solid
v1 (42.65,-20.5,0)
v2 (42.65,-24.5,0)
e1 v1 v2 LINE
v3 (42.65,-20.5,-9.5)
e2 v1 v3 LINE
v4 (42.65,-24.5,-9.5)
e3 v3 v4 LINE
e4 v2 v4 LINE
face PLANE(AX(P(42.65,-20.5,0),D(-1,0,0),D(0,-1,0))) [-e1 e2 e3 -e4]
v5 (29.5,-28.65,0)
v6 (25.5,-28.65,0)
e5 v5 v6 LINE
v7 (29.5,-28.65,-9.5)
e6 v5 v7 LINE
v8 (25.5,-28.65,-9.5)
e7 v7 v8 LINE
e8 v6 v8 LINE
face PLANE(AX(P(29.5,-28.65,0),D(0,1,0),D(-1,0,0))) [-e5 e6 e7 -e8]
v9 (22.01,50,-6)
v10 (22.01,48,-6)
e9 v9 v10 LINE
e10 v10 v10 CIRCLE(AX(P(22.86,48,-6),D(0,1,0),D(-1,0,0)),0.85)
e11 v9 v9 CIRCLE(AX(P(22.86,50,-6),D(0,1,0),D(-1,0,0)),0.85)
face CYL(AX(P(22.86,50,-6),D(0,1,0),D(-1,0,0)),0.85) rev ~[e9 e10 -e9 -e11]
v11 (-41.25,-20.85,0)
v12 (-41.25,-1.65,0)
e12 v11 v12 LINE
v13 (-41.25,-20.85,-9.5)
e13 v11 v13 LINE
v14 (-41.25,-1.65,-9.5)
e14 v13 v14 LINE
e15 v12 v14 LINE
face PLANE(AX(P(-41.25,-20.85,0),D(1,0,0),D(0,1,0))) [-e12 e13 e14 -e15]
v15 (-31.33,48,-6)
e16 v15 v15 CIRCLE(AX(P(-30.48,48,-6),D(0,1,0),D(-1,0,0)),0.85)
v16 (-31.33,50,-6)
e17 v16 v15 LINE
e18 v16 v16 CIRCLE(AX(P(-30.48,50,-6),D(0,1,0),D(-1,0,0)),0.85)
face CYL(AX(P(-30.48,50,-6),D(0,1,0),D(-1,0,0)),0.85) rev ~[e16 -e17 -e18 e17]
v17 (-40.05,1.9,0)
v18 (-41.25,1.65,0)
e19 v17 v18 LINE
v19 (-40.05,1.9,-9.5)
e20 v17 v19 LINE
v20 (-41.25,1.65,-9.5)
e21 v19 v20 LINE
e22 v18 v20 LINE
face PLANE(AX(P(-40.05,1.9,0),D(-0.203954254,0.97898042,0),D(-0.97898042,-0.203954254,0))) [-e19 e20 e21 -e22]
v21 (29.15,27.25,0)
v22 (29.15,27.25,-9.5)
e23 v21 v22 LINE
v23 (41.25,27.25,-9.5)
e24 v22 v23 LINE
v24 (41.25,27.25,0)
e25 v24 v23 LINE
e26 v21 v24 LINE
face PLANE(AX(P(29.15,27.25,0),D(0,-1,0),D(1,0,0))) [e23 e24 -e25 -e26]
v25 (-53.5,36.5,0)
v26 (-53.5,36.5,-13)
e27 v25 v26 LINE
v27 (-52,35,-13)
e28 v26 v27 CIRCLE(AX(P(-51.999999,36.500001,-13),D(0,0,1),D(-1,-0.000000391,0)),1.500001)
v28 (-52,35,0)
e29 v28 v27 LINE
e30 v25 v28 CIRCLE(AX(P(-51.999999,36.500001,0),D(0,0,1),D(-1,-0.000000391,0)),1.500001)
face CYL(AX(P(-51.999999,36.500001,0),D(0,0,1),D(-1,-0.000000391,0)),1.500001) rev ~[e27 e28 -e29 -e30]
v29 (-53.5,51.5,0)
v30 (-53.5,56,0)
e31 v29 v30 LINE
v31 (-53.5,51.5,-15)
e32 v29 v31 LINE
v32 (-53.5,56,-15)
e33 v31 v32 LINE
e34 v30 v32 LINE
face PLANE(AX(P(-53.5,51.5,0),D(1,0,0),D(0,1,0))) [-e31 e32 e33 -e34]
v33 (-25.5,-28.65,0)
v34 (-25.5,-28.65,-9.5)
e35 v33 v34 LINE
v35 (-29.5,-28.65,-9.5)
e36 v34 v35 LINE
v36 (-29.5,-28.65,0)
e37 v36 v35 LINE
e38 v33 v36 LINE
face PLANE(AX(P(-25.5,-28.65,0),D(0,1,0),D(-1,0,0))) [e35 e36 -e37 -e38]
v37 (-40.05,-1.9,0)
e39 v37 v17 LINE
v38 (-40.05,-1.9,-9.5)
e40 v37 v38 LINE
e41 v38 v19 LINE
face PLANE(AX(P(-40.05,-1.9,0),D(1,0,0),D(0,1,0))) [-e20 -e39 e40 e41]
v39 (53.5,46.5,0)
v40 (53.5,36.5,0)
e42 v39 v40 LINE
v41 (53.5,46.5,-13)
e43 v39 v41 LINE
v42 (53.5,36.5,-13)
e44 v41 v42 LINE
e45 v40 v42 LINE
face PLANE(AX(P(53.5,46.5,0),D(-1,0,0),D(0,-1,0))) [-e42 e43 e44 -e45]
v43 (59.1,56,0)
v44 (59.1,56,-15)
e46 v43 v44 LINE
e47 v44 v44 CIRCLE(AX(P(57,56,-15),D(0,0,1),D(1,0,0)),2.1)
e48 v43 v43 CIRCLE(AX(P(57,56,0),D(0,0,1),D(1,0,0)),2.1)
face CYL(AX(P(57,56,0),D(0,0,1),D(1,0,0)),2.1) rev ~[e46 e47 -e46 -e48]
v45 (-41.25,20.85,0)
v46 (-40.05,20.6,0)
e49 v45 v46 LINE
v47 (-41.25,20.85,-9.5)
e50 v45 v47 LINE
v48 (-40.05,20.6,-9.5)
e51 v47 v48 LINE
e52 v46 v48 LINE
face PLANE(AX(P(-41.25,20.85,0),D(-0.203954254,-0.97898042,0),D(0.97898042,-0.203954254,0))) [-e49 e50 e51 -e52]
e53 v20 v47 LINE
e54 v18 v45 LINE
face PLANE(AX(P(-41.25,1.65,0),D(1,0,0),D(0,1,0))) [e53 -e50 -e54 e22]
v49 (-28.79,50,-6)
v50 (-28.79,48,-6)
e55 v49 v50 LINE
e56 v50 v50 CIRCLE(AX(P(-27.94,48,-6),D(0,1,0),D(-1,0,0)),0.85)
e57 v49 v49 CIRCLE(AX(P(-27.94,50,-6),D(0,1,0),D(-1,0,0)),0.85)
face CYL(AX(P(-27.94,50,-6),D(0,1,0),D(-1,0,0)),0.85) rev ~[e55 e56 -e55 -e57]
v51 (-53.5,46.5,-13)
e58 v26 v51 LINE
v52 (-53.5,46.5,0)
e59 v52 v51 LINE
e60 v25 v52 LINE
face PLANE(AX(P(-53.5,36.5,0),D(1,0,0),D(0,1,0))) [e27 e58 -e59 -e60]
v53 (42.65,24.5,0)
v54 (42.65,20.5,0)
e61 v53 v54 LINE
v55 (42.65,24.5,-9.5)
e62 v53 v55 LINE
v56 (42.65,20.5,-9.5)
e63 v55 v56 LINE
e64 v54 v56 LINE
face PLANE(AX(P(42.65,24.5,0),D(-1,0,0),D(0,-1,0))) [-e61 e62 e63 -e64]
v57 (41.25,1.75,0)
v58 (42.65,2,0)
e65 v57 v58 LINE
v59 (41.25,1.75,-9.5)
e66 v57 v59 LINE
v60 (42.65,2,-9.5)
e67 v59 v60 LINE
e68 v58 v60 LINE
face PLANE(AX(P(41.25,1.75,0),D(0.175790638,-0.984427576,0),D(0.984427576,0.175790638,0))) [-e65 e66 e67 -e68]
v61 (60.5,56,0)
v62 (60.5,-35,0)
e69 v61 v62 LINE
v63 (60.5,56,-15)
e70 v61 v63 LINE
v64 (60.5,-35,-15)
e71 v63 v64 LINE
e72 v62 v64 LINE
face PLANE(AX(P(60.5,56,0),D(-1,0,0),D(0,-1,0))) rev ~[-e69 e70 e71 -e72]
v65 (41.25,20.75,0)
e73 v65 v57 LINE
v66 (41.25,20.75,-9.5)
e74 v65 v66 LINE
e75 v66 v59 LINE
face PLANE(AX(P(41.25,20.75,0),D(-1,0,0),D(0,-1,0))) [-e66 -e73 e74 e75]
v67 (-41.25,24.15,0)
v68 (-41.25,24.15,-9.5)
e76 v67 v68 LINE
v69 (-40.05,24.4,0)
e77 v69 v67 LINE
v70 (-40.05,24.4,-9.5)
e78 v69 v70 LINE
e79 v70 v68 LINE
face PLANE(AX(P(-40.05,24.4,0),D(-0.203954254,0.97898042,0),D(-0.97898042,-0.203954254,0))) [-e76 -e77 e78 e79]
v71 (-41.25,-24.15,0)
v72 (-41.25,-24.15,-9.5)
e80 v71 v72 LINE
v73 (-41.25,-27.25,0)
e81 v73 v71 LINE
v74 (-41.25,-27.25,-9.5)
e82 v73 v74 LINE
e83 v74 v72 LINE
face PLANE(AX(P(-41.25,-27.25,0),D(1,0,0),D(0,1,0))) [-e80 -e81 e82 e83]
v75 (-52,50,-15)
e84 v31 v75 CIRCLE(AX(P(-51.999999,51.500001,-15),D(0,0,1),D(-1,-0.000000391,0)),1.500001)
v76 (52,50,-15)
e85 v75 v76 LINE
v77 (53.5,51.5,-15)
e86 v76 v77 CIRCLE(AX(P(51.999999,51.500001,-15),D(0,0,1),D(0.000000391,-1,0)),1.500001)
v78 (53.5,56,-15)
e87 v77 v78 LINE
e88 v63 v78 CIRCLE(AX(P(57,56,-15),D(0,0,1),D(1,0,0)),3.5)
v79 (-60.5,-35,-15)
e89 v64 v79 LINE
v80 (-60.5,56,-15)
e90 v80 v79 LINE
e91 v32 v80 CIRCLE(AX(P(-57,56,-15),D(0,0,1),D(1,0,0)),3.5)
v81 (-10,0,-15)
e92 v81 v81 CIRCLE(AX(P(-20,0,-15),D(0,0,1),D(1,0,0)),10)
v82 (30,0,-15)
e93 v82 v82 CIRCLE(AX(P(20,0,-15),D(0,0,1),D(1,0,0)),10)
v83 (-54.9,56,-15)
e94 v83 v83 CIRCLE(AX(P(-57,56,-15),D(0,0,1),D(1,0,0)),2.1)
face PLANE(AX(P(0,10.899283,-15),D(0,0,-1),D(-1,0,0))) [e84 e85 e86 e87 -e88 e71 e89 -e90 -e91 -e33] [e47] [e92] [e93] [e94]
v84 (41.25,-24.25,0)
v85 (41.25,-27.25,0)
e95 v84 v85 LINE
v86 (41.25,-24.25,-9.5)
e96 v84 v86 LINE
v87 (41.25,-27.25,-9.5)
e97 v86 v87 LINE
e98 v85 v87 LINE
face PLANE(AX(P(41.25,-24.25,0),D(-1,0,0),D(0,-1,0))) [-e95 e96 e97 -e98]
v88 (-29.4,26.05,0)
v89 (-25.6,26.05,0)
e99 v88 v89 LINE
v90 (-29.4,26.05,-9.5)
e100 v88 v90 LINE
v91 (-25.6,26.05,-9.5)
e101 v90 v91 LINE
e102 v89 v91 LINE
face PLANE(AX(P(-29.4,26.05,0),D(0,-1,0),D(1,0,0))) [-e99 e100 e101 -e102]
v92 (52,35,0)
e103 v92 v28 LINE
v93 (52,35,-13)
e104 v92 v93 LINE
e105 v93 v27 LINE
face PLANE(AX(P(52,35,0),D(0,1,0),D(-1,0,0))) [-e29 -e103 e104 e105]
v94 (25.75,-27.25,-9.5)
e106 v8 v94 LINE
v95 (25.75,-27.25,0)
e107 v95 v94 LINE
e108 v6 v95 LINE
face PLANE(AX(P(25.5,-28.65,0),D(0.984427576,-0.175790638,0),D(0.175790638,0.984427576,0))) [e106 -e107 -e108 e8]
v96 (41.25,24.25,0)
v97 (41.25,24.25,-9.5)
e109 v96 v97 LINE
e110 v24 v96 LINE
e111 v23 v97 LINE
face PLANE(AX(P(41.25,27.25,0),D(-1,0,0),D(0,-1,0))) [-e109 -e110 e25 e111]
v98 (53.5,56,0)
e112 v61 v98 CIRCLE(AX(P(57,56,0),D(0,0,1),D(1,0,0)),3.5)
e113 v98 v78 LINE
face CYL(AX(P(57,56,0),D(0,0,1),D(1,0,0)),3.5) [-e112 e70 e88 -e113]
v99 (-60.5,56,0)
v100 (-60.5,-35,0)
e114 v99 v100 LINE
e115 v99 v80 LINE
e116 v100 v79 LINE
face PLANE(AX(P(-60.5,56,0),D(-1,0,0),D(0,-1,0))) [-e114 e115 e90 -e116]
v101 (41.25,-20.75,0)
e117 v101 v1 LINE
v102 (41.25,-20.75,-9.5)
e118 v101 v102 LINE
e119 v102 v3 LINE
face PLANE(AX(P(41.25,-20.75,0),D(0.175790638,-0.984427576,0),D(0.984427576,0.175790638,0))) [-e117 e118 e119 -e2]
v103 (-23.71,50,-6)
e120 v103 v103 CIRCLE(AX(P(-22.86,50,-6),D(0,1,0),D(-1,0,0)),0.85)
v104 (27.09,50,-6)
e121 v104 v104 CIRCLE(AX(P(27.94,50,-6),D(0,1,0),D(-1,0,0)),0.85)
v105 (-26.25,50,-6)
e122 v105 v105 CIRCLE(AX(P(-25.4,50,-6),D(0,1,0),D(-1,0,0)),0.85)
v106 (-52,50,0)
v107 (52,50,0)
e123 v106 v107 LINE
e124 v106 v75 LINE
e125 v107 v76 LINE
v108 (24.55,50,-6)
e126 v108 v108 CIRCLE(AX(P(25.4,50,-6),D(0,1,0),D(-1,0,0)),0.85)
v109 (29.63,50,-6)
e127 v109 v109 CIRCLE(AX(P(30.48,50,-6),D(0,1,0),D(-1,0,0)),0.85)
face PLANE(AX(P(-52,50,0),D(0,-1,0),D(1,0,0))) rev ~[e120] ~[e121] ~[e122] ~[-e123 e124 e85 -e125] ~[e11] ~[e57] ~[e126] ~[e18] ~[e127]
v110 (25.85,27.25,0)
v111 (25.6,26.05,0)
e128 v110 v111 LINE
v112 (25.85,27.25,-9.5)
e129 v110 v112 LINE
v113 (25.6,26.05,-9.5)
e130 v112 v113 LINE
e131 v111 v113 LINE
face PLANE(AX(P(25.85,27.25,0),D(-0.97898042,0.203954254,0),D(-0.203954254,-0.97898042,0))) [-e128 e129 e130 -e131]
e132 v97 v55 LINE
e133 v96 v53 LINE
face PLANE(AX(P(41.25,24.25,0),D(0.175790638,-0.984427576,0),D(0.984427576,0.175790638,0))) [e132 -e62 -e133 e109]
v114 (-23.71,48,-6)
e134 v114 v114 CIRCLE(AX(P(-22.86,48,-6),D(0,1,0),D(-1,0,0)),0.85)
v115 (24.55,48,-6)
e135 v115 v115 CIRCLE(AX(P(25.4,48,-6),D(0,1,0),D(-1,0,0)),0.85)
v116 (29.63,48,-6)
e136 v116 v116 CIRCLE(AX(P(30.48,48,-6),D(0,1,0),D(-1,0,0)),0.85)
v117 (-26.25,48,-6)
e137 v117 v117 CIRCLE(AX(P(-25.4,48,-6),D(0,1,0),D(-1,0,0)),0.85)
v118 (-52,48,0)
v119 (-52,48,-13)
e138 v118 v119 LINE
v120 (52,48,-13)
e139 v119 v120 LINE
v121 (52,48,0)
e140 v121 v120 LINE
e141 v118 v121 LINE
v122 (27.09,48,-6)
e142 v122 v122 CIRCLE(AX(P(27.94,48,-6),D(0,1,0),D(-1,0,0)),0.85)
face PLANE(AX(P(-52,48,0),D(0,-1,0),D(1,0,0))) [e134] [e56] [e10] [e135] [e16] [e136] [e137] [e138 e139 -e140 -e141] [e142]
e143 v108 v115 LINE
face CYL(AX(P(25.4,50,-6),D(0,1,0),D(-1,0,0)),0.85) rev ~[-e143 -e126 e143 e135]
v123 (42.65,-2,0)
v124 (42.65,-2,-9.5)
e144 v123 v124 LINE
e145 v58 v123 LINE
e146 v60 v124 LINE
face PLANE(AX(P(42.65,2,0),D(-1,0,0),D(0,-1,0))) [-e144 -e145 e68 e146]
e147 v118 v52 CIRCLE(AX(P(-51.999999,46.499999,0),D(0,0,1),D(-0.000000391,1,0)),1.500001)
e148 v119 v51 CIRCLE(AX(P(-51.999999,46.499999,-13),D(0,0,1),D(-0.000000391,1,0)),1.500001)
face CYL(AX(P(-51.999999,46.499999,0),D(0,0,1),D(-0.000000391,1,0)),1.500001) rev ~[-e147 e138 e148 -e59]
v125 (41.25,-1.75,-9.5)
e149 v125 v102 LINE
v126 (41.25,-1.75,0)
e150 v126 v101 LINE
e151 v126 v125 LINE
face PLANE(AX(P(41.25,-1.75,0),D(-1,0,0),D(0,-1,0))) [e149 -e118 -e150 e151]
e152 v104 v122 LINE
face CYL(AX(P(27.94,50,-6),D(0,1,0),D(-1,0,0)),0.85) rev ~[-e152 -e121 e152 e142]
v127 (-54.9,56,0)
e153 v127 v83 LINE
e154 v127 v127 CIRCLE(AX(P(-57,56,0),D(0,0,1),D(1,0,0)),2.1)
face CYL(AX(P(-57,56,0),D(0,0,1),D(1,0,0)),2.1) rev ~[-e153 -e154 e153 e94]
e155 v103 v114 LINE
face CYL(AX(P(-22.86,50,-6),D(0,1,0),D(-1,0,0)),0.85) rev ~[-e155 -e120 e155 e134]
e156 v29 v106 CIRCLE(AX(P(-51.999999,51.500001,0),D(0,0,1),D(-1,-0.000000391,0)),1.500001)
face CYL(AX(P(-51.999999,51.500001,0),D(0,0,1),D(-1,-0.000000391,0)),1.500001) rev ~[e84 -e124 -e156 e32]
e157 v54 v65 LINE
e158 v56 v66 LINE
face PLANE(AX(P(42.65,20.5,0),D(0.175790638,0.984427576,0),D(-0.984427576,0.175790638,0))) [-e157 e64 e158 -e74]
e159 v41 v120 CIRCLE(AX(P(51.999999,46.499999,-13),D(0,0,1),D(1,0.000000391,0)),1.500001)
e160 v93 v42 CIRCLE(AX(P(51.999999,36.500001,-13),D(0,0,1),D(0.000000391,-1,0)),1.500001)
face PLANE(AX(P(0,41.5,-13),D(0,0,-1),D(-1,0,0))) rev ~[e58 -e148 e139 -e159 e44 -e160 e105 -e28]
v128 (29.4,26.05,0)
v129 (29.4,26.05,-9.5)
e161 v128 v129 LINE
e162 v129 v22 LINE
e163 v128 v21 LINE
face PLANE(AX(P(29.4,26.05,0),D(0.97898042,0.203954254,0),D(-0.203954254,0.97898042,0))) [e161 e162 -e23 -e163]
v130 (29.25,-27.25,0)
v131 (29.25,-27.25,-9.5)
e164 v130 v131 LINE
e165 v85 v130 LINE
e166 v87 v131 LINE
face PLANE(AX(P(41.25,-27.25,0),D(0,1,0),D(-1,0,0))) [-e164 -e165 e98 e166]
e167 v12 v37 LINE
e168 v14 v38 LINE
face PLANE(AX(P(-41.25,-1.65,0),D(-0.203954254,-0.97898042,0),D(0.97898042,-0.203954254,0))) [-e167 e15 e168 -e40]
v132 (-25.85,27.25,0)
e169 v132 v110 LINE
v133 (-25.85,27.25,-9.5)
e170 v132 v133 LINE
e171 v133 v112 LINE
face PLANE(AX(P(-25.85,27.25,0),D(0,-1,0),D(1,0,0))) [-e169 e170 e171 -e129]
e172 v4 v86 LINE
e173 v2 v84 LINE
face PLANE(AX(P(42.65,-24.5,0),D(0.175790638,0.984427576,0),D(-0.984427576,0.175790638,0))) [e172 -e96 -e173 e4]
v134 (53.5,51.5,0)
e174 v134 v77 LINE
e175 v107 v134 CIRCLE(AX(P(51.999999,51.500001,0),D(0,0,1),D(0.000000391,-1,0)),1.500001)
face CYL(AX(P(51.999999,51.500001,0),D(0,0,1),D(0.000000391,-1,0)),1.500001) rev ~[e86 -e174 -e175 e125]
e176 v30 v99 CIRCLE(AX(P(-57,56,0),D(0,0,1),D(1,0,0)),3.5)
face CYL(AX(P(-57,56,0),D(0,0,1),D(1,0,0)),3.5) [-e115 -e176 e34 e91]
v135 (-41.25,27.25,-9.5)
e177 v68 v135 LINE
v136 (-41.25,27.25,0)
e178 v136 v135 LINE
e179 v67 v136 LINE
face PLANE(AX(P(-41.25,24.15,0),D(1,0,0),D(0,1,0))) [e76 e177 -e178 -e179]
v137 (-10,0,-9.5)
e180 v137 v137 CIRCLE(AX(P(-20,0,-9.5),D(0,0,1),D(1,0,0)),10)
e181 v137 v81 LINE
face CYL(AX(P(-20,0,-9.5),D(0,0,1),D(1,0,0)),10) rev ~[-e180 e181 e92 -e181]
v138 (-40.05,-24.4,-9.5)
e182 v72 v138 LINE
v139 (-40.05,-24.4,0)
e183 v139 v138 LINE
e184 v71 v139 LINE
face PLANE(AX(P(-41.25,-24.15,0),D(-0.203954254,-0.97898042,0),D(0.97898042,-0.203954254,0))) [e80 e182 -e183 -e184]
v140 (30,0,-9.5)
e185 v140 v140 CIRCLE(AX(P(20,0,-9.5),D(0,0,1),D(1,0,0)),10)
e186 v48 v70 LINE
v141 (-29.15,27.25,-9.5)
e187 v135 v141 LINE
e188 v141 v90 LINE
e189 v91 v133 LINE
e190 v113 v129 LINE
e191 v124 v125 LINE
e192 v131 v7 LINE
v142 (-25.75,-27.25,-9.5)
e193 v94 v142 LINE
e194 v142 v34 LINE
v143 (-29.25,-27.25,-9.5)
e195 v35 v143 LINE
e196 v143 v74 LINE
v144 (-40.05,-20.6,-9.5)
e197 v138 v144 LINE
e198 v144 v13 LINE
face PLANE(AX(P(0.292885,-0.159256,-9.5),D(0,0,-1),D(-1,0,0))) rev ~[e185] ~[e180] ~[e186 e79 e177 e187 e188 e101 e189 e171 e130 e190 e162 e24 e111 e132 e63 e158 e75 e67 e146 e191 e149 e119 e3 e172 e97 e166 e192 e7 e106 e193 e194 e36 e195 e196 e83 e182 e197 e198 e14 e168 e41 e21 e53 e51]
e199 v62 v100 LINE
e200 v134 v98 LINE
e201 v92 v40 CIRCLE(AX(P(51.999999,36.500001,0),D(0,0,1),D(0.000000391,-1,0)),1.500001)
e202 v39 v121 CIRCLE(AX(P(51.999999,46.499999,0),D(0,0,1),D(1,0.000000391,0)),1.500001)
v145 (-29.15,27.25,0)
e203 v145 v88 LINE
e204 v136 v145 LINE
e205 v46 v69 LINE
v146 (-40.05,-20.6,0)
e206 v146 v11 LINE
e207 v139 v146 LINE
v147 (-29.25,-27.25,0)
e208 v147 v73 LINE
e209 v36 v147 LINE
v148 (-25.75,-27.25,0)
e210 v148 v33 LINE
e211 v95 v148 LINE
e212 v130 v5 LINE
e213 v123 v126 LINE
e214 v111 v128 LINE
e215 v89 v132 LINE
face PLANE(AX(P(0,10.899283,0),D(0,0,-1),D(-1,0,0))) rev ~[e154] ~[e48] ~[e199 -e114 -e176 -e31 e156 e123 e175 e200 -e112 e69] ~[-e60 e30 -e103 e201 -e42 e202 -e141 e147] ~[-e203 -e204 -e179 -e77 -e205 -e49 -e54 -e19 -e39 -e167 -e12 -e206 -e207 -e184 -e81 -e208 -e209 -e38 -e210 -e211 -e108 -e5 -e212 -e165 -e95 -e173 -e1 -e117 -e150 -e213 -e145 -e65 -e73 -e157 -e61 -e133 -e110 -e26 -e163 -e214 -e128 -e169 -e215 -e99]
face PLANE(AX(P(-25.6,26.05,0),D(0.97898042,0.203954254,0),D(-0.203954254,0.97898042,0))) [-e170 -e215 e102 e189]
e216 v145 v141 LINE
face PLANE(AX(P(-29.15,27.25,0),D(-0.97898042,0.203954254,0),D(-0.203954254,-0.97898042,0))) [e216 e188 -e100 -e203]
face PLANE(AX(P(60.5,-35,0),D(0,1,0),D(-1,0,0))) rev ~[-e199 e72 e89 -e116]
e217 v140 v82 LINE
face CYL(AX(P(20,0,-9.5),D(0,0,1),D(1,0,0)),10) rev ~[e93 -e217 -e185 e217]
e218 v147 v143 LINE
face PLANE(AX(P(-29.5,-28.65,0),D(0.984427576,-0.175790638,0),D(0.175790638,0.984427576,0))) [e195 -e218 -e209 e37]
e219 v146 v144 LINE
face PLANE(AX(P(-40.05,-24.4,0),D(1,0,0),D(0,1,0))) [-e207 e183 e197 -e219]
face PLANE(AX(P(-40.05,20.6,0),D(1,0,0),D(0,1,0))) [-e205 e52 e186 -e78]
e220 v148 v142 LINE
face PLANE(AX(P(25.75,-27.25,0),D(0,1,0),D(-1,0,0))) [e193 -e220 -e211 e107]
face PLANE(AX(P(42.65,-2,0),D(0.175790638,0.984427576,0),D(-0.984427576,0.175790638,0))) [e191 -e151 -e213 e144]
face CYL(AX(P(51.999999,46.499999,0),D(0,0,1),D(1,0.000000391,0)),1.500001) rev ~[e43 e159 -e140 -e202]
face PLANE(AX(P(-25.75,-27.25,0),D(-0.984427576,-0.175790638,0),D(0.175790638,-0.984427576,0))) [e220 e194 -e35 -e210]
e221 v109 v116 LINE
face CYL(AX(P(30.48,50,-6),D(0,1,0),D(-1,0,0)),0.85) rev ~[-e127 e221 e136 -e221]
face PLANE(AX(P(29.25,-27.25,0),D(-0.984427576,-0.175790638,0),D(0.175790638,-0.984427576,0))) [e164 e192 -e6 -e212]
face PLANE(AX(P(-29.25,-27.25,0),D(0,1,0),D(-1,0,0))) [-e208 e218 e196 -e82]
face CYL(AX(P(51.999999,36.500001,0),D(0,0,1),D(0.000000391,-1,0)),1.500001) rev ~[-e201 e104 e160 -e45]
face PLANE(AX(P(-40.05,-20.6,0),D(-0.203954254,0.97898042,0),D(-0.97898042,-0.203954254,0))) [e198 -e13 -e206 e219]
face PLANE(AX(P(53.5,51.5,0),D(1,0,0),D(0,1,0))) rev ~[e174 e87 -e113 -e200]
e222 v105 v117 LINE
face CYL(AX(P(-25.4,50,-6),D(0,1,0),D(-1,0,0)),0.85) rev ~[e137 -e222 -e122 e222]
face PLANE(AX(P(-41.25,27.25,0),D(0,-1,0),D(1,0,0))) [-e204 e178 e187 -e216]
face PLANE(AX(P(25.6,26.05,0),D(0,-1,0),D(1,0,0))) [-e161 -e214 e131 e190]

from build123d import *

# Parameters (mm, degrees)
PAD001_DEPTH    = 9.5
SKETCH_R        = 2.1
PAD_DEPTH       = 15
POCKET_DEPTH    = 13
SKETCH003_R     = 10
POCKET001_DEPTH = 5.501
SKETCH004_R     = 0.85
POCKET002_DEPTH = 2


with BuildPart() as feature_breadboard:
    # Sketch002 → Pad001 (new body)
    with BuildSketch(Plane.XY):
        Polygon((-41.25, 27.25), (-29.15, 27.25), (-29.4, 26.05), (-25.6, 26.05), (-25.85, 27.25), (25.85, 27.25), (25.6, 26.05), (29.4, 26.05), (29.15, 27.25), (41.25, 27.25), (41.25, 24.25), (42.65, 24.5), (42.65, 20.5), (41.25, 20.75), (41.25, 1.75), (42.65, 2), (42.65, -2), (41.25, -1.75), (41.25, -20.75), (42.65, -20.5), (42.65, -24.5), (41.25, -24.25), (41.25, -27.25), (29.25, -27.25), (29.5, -28.65), (25.5, -28.65), (25.75, -27.25), (-25.75, -27.25), (-25.5, -28.65), (-29.5, -28.65), (-29.25, -27.25), (-41.25, -27.25), (-41.25, -24.15), (-40.05, -24.4), (-40.05, -20.6), (-41.25, -20.85), (-41.25, -1.65), (-40.05, -1.9), (-40.05, 1.9), (-41.25, 1.65), (-41.25, 20.85), (-40.05, 20.6), (-40.05, 24.4), (-41.25, 24.15), align=None)
    extrude(amount=-PAD001_DEPTH)


with BuildPart() as body:
    # Sketch → Pad (new body)
    with BuildSketch(Plane.XY):
        with BuildLine():
            Line((-52, 50), (52, 50))
            ThreePointArc((52, 50), (53.06066, 50.43934), (53.5, 51.5))
            Line((53.5, 51.5), (53.5, 56))
            ThreePointArc((60.5, 56), (57, 59.5), (53.5, 56))
            Line((60.5, 56), (60.5, -35))
            Line((60.5, -35), (-60.5, -35))
            Line((-60.5, 56), (-60.5, -35))
            ThreePointArc((-53.5, 56), (-57, 59.5), (-60.5, 56))
            Line((-53.5, 51.5), (-53.5, 56))
            ThreePointArc((-53.5, 51.5), (-53.06066, 50.43934), (-52, 50))
        make_face()
        with Locations((-57, 56)):
            Circle(SKETCH_R, mode=Mode.SUBTRACT)
        with Locations((57, 56)):
            Circle(SKETCH_R, mode=Mode.SUBTRACT)
    extrude(amount=-PAD_DEPTH)

    # Sketch001 (on Face13 of Pad) → Pocket (cut)
    with BuildSketch(Plane.XY):
        with BuildLine():
            Line((-52, 48), (52, 48))
            ThreePointArc((53.5, 46.5), (53.06066, 47.56066), (52, 48))
            Line((53.5, 46.5), (53.5, 36.5))
            ThreePointArc((52, 35), (53.06066, 35.43934), (53.5, 36.5))
            Line((52, 35), (-52, 35))
            ThreePointArc((-53.5, 36.5), (-53.06066, 35.43934), (-52, 35))
            Line((-53.5, 36.5), (-53.5, 46.5))
            ThreePointArc((-52, 48), (-53.06066, 47.56066), (-53.5, 46.5))
        make_face()
    extrude(amount=-POCKET_DEPTH, mode=Mode.SUBTRACT)

    # Boolean: cut feature_breadboard
    add(feature_breadboard.part, mode=Mode.SUBTRACT)

    # Sketch003 (on Face68 of Boolean) → Pocket001 (cut, through all)
    with BuildSketch(Plane.XY.offset(-9.5)):
        with Locations((-20, 0)):
            Circle(SKETCH003_R)
        with Locations((20, 0)):
            Circle(SKETCH003_R)
    extrude(amount=-POCKET001_DEPTH, mode=Mode.SUBTRACT)

    # Sketch004 (on Face3 of Pocket001) → Pocket002 (cut)
    with BuildSketch(Plane(origin=(0, 50, 0), x_dir=(-1, 0, 0), z_dir=(0, 1, 0))):
        with Locations((-30.48, -6)):
            Circle(SKETCH004_R)
        with Locations((-27.94, -6)):
            Circle(SKETCH004_R)
        with Locations((-25.4, -6)):
            Circle(SKETCH004_R)
        with Locations((-22.86, -6)):
            Circle(SKETCH004_R)
        with Locations((22.86, -6)):
            Circle(SKETCH004_R)
        with Locations((25.4, -6)):
            Circle(SKETCH004_R)
        with Locations((27.94, -6)):
            Circle(SKETCH004_R)
        with Locations((30.48, -6)):
            Circle(SKETCH004_R)
    extrude(amount=-POCKET002_DEPTH, mode=Mode.SUBTRACT)


solid = body.part
